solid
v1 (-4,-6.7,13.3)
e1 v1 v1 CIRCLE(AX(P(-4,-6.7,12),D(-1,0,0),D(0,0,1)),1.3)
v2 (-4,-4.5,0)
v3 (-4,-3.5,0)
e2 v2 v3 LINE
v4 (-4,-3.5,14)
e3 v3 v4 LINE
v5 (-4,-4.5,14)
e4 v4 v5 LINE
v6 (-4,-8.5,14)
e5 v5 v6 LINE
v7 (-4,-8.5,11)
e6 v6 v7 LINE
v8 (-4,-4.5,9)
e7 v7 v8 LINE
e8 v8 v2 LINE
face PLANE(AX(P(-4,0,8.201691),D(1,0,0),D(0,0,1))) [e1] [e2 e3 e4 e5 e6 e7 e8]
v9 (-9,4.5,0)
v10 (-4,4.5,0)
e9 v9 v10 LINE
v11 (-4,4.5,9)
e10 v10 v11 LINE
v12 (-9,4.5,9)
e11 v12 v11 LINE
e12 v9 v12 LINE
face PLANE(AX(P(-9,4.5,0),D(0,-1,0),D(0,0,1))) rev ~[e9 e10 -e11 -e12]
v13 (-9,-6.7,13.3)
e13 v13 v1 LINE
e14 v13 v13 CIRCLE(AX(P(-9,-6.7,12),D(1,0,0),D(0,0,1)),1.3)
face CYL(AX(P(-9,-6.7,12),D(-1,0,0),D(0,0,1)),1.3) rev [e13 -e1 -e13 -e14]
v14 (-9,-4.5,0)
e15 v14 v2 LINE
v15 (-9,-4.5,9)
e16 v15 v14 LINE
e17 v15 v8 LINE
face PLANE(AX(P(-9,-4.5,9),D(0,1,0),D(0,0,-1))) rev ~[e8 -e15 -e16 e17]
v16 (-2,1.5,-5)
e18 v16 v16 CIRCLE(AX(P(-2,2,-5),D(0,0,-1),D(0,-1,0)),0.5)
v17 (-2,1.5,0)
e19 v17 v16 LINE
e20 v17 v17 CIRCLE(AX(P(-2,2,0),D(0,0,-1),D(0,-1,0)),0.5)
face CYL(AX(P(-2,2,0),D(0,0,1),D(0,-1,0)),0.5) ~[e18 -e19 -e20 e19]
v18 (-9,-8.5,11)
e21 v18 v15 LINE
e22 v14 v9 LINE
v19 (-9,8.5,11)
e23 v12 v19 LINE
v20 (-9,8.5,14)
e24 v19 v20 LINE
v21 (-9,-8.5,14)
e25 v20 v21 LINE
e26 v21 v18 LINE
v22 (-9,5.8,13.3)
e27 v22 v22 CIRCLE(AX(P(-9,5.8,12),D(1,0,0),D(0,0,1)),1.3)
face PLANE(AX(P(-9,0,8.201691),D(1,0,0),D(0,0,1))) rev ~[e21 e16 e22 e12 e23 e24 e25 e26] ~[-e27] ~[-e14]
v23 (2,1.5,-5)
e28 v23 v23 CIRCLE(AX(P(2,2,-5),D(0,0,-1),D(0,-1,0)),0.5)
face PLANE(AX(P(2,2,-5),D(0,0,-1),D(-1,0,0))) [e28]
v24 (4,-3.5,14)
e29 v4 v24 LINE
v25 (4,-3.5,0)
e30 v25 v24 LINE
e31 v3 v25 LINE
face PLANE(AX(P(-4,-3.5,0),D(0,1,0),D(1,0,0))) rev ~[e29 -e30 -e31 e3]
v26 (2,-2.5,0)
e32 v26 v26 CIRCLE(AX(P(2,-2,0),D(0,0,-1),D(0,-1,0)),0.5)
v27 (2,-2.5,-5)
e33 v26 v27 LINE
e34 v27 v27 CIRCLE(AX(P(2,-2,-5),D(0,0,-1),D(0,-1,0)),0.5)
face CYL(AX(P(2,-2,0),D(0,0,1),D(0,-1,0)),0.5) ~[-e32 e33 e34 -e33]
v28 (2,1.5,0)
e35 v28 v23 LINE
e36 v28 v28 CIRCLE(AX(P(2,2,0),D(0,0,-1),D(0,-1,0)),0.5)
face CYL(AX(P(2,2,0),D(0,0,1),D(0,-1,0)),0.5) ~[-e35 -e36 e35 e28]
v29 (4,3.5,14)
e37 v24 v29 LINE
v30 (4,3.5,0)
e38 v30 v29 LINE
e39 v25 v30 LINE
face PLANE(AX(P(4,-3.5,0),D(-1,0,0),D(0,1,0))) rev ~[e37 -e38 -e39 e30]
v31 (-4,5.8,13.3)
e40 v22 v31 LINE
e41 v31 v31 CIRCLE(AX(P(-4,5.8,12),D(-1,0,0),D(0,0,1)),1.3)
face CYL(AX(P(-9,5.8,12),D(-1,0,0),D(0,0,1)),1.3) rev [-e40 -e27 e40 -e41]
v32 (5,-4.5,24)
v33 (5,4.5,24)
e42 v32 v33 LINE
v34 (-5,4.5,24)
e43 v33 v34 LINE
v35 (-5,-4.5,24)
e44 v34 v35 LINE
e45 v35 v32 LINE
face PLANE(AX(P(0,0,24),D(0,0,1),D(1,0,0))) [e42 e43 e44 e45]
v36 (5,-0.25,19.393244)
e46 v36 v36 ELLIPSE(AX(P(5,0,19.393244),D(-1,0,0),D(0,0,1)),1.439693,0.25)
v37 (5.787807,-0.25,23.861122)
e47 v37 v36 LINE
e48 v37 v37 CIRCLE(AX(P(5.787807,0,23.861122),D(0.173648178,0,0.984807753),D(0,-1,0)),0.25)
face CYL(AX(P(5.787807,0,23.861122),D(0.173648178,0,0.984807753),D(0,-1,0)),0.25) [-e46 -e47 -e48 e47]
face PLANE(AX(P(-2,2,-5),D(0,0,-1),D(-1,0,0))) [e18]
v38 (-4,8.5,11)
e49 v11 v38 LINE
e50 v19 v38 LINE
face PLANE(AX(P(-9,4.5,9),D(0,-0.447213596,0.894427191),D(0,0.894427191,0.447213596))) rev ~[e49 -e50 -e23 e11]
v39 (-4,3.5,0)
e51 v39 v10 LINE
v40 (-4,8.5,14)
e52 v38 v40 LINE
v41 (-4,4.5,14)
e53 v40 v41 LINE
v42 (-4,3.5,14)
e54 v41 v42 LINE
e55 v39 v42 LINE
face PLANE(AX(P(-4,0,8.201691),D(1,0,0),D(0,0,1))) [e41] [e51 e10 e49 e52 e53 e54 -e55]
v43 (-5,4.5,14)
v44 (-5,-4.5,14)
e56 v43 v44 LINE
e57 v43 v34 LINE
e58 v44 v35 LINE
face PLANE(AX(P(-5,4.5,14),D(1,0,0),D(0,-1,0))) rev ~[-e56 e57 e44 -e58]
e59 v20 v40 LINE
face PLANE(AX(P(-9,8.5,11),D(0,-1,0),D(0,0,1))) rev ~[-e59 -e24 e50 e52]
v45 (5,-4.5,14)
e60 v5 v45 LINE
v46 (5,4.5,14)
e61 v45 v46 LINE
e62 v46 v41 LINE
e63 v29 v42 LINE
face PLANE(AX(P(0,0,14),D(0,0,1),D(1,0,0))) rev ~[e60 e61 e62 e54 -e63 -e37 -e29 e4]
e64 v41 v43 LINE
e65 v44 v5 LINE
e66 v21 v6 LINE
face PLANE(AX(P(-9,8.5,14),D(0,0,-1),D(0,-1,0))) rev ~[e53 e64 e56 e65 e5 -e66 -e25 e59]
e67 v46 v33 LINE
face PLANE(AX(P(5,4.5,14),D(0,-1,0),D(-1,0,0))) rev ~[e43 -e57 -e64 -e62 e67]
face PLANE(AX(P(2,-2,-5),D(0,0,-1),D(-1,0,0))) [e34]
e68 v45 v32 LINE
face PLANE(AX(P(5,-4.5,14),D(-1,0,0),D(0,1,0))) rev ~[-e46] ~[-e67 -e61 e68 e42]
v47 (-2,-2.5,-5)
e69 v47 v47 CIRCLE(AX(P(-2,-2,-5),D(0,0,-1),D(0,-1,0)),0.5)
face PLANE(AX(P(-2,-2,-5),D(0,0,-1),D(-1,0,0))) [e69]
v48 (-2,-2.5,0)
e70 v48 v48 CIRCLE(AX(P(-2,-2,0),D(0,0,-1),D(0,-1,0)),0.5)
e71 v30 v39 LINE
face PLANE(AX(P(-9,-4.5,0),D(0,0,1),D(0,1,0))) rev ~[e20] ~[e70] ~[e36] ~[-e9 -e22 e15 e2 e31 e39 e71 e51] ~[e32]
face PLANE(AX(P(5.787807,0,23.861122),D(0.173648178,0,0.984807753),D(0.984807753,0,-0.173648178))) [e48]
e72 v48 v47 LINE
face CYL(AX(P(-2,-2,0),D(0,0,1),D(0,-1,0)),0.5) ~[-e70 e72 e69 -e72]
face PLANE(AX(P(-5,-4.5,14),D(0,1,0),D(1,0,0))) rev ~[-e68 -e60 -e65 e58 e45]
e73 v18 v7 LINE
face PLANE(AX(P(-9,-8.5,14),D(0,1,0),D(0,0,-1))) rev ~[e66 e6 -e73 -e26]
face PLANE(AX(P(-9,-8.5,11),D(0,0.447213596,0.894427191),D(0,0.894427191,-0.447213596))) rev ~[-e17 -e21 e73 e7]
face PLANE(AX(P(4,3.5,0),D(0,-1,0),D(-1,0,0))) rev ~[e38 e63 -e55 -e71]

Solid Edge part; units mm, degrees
sketch "Sketch1" plane through (0, 0, 0) normal (0, 0, 1) x (1, 0, 0)
  line L0 (-4, -3.5) -> (4, -3.5)
  line L1 (4, -3.5) -> (4, 3.5)
  line L2 (4, 3.5) -> (-4, 3.5)
  line L3 (-4, 3.5) -> (-4, -3.5)
  dimension "D1" = 8
  dimension "D2" = 7
extrude "Protrusion1" add sketch "Sketch1" along normal blind 14
sketch "Sketch2" plane through (0, 0, 14) normal (0, 0, 1) x (1, 0, 0)
  line L0 (5, 4.5) -> (-5, 4.5)
  line L1 (-5, 4.5) -> (-5, -4.5)
  line L2 (-5, -4.5) -> (5, -4.5)
  line L3 (5, -4.5) -> (5, 4.5)
  dimension "D1" = 1
extrude "End" add sketch "Sketch2" along normal blind 10
sketch "Sketch3" plane through (-9, 0, 7) normal (-1, 0, 0) x (0, -1, 0)
  line L0 (-8.5, 7) -> (8.5, 7)
  line L1 (8.5, 7) -> (8.5, 4)
  line L2 (8.5, 4) -> (4.5, 2)
  line L3 (4.5, 2) -> (4.5, -7)
  line L4 (4.5, -7) -> (-4.5, -7)
  line L5 (-4.5, -7) -> (-4.5, 2)
  line L6 (-4.5, 2) -> (-8.5, 4)
  line L7 (-8.5, 4) -> (-8.5, 7)
  dimension "D1" = 4
  dimension "D2" = 3
  dimension "D3" = 9
extrude "Protrusion2" add sketch "Sketch3" against normal up to surface (5 mm away)
hole "Hole1" at (-9, 5.8, 12) direction (1, 0, 0) diameter 2.6 end up to next
hole "Hole2" at (-9, -6.7, 12) direction (1, 0, 0) diameter 2.6 end up to next
sketch "Sketch4" plane through (9.924, 0, 23.1318) normal (0.1736, 0, 0.9848) x (0, -1, 0)
  circle A0 centre (0, -4.2) radius 0.25
  dimension "D1" = 0.8
  dimension "D2" = 0.5
extrude "Protrusion3" add sketch "Sketch4" against normal up to next
sketch "Sketch5" plane through (-2.5, 0, 0) normal (0, 0, -1) x (0, -1, 0)
  circle A0 centre (-2, -0.5) radius 0.5
  circle A1 centre (2, -0.5) radius 0.5
  circle A2 centre (2, -4.5) radius 0.5
  circle A3 centre (-2, -4.5) radius 0.5
  dimension "D1" = 1
  dimension "D2" = 4
  dimension "D3" = 4
  dimension "D4" = 2
  dimension "D5" = 2
extrude "Wires" add sketch "Sketch5" along normal blind 5
properties material "Stainless Steel, 420"
